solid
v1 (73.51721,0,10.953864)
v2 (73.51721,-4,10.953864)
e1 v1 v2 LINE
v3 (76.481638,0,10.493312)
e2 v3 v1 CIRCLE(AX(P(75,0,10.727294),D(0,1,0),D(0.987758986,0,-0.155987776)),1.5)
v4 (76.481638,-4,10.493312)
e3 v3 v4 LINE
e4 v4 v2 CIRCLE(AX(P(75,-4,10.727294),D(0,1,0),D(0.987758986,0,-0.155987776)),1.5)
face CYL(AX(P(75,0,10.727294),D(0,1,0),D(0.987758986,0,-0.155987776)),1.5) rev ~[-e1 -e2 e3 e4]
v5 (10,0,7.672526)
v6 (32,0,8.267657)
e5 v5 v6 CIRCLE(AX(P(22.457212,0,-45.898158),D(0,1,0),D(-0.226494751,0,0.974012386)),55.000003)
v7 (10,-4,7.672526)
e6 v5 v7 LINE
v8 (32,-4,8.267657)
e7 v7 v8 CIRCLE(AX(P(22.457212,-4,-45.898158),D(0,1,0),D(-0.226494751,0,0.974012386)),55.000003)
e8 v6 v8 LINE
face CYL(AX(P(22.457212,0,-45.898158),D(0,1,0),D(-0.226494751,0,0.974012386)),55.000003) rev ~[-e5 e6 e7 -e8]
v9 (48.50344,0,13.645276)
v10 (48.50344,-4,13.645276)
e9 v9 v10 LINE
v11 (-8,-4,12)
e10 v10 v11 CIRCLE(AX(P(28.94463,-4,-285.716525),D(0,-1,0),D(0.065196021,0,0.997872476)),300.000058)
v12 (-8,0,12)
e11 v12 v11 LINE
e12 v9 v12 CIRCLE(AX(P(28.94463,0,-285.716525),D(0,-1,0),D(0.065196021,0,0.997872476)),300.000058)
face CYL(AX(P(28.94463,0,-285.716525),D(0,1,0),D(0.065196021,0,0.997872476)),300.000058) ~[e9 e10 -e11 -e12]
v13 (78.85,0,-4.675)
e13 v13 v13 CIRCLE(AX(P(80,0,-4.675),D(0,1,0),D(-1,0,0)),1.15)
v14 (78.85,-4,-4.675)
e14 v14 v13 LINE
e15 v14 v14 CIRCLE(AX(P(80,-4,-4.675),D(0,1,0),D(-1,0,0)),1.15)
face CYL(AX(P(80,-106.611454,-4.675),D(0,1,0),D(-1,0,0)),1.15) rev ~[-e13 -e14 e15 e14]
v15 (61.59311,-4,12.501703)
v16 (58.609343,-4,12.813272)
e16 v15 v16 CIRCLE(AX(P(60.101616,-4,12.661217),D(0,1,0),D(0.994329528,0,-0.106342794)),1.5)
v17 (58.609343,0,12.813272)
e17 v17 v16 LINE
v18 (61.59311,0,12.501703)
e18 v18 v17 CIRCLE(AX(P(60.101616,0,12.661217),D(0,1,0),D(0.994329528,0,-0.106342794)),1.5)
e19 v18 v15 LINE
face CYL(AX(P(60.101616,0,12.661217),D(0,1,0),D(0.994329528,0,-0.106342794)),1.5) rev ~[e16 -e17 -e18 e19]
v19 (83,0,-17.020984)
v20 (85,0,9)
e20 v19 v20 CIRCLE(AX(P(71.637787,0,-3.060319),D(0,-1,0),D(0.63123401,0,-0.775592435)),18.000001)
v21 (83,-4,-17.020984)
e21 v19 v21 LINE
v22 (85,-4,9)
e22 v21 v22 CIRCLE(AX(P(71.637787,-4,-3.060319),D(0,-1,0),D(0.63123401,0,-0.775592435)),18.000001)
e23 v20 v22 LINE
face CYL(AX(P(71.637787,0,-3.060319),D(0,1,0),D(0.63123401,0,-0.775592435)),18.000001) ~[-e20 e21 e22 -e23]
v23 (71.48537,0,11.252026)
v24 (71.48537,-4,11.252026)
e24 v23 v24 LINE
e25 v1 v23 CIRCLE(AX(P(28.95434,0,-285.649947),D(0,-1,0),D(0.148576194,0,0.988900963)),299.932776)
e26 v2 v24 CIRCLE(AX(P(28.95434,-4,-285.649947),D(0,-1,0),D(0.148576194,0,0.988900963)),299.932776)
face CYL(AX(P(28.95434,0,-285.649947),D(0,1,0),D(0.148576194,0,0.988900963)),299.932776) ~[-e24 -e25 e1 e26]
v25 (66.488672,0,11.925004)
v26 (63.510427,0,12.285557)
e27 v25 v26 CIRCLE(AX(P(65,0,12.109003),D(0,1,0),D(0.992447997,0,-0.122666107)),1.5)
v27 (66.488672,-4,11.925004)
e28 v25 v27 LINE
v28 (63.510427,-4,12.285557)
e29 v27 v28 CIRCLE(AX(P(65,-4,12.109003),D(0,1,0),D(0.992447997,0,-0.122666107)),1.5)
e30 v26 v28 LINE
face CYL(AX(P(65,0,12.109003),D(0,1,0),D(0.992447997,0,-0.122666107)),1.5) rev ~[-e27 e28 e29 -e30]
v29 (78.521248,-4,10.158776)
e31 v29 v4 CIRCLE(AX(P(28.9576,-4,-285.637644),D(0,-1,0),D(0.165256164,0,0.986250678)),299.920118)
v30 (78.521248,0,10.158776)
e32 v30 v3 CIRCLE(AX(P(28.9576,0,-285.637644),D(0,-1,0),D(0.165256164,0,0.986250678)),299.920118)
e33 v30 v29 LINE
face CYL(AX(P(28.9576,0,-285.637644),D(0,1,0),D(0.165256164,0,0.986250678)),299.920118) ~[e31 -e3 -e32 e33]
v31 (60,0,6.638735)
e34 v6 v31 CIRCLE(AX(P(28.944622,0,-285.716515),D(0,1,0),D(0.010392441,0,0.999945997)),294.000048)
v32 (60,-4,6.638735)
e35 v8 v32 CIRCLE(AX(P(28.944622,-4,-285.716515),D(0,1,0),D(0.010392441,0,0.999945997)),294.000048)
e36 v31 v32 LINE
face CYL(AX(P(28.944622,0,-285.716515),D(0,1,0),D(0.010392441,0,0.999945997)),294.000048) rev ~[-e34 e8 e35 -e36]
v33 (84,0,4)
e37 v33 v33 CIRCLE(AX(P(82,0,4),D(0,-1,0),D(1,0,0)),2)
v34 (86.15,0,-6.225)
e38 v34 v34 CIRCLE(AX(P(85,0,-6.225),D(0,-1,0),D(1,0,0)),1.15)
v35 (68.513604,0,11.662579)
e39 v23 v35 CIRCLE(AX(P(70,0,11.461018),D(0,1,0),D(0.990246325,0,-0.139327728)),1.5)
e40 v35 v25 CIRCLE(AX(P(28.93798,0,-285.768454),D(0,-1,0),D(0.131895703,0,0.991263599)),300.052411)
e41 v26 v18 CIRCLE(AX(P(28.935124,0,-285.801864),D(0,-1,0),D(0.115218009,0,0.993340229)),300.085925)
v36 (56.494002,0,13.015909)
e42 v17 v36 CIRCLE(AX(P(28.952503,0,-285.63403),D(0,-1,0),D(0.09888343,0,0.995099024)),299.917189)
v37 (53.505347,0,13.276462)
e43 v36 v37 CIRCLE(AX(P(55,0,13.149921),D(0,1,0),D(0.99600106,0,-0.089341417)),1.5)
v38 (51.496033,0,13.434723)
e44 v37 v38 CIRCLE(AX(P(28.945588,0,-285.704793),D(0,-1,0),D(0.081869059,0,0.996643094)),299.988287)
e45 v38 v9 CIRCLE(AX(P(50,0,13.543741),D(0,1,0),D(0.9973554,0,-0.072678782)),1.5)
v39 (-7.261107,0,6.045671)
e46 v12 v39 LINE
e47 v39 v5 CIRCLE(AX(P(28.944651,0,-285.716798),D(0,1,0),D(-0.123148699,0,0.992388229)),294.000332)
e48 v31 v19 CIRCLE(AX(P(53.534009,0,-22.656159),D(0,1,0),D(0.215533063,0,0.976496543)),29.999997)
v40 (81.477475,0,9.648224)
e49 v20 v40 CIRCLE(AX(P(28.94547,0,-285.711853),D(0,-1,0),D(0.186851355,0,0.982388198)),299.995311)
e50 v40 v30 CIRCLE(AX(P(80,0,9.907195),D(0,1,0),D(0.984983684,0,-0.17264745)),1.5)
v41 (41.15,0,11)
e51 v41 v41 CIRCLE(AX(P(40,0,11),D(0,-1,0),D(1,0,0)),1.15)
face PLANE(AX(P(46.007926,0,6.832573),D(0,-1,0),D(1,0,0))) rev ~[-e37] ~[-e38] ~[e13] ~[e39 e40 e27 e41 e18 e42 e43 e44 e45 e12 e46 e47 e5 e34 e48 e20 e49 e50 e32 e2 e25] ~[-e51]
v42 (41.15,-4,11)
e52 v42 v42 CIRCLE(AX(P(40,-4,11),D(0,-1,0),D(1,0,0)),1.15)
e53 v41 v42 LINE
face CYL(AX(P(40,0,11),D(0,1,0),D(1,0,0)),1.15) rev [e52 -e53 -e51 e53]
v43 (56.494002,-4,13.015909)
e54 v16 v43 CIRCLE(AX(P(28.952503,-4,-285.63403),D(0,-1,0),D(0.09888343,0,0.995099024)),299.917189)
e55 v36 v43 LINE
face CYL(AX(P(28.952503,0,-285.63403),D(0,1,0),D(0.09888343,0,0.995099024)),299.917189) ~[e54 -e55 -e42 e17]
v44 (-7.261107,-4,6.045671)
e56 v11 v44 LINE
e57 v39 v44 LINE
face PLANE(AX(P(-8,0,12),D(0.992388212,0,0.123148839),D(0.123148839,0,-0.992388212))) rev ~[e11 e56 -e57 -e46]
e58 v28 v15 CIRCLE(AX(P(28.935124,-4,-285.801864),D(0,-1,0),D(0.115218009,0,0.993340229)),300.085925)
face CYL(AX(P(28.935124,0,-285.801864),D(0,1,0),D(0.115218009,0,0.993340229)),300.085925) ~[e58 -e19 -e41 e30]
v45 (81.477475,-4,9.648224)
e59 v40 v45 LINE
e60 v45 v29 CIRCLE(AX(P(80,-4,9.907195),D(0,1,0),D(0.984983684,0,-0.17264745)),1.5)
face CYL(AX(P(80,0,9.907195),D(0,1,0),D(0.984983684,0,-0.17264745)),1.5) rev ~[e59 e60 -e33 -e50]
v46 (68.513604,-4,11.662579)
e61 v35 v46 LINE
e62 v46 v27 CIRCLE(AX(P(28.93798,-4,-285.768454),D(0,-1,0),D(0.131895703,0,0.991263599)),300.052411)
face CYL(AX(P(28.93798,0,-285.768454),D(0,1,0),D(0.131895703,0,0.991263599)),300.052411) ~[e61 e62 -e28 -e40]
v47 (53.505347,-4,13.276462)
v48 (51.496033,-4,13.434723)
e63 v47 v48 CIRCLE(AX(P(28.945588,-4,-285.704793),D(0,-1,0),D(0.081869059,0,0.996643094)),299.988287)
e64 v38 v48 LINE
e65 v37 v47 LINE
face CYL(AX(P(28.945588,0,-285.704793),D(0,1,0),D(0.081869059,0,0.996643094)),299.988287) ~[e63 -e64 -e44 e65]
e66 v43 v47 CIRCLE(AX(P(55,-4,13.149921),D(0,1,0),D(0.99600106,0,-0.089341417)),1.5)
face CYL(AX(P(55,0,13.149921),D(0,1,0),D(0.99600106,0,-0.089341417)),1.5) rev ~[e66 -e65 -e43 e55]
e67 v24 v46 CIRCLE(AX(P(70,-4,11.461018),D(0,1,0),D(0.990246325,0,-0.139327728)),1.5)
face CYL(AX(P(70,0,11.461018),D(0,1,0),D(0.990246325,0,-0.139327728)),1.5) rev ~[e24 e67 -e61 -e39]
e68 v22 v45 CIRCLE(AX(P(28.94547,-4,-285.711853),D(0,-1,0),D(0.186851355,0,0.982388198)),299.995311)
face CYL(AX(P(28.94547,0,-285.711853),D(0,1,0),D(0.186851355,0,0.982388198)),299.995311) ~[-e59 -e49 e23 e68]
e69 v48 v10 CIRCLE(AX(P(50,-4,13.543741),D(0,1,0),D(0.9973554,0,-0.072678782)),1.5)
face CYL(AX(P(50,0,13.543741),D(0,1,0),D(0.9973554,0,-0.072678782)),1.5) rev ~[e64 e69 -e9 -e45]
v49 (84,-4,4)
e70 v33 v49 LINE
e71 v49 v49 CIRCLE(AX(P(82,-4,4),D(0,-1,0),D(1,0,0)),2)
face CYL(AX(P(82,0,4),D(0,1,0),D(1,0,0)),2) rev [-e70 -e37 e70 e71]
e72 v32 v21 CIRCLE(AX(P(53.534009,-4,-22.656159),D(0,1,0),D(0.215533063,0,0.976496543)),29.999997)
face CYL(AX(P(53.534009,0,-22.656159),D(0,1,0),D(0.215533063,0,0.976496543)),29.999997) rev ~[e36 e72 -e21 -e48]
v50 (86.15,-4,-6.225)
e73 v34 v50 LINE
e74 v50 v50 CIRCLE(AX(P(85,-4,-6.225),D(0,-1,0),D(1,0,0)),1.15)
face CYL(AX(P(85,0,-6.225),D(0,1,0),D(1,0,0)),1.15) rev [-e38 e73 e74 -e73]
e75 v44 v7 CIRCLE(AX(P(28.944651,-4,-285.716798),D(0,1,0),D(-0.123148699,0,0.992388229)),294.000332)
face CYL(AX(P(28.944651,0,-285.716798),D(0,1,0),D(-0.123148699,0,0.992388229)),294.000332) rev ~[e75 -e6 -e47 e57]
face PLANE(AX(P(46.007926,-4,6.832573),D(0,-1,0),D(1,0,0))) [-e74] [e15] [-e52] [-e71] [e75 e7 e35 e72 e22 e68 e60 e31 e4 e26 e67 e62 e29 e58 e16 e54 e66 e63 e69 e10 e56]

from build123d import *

# Parameters (mm, degrees)
F0_R     = 1.15
F0_R_2   = 2
F1_DEPTH = 4
F3_D     = 2.3


with BuildPart() as f1:
    # F0 (on Front) → F1 (new body)
    with BuildSketch(Plane.XZ):
        with BuildLine():
            ThreePointArc((83, -17.020984), (89.584854, -4.43975), (85, 9))
            ThreePointArc((85, 9), (83.239705, 9.329369), (81.477475, 9.648224))
            ThreePointArc((81.477475, 9.648224), (79.744723, 8.429077), (78.521248, 10.158776))
            ThreePointArc((78.521248, 10.158776), (77.501731, 10.327801), (76.481638, 10.493312))
            ThreePointArc((76.481638, 10.493312), (74.769723, 9.245075), (73.51721, 10.953864))
            ThreePointArc((73.51721, 10.953864), (72.501545, 11.104684), (71.48537, 11.252026))
            ThreePointArc((71.48537, 11.252026), (69.794723, 9.97513), (68.513604, 11.662579))
            ThreePointArc((68.513604, 11.662579), (67.501361, 11.795514), (66.488672, 11.925004))
            ThreePointArc((66.488672, 11.925004), (64.819723, 10.619876), (63.510427, 12.285557))
            ThreePointArc((63.510427, 12.285557), (62.551942, 12.395171), (61.59311, 12.501703))
            ThreePointArc((61.59311, 12.501703), (59.945831, 11.169329), (58.609343, 12.813272))
            ThreePointArc((58.609343, 12.813272), (57.551852, 12.916464), (56.494002, 13.015909))
            ThreePointArc((56.494002, 13.015909), (54.869723, 11.655589), (53.505347, 13.276462))
            ThreePointArc((53.505347, 13.276462), (52.500823, 13.35728), (51.496033, 13.434723))
            ThreePointArc((51.496033, 13.434723), (49.894723, 12.04744), (48.50344, 13.645276))
            ThreePointArc((48.50344, 13.645276), (20.212883, 14.156434), (-8, 12))
            Line((-8, 12), (-7.261107, 6.045671))
            ThreePointArc((-7.261107, 6.045671), (1.357451, 6.986365), (10, 7.672526))
            ThreePointArc((10, 7.672526), (20.969929, 9.081732), (32, 8.267657))
            ThreePointArc((32, 8.267657), (46.019436, 7.787283), (60, 6.638735))
            ThreePointArc((60, 6.638735), (75.044992, -1.744979), (83, -17.020984))
        make_face()
        with Locations((85, -6.225)):
            Circle(F0_R, mode=Mode.SUBTRACT)
        with Locations((40, 11)):
            Circle(F0_R, mode=Mode.SUBTRACT)
        with Locations((82, 4)):
            Circle(F0_R_2, mode=Mode.SUBTRACT)
    extrude(amount=F1_DEPTH)

    # F3 (through all)
    with Locations(Plane.XZ.offset(4)):
        with Locations((80, -4.675)):
            Hole(F3_D / 2)


solid = f1.part
